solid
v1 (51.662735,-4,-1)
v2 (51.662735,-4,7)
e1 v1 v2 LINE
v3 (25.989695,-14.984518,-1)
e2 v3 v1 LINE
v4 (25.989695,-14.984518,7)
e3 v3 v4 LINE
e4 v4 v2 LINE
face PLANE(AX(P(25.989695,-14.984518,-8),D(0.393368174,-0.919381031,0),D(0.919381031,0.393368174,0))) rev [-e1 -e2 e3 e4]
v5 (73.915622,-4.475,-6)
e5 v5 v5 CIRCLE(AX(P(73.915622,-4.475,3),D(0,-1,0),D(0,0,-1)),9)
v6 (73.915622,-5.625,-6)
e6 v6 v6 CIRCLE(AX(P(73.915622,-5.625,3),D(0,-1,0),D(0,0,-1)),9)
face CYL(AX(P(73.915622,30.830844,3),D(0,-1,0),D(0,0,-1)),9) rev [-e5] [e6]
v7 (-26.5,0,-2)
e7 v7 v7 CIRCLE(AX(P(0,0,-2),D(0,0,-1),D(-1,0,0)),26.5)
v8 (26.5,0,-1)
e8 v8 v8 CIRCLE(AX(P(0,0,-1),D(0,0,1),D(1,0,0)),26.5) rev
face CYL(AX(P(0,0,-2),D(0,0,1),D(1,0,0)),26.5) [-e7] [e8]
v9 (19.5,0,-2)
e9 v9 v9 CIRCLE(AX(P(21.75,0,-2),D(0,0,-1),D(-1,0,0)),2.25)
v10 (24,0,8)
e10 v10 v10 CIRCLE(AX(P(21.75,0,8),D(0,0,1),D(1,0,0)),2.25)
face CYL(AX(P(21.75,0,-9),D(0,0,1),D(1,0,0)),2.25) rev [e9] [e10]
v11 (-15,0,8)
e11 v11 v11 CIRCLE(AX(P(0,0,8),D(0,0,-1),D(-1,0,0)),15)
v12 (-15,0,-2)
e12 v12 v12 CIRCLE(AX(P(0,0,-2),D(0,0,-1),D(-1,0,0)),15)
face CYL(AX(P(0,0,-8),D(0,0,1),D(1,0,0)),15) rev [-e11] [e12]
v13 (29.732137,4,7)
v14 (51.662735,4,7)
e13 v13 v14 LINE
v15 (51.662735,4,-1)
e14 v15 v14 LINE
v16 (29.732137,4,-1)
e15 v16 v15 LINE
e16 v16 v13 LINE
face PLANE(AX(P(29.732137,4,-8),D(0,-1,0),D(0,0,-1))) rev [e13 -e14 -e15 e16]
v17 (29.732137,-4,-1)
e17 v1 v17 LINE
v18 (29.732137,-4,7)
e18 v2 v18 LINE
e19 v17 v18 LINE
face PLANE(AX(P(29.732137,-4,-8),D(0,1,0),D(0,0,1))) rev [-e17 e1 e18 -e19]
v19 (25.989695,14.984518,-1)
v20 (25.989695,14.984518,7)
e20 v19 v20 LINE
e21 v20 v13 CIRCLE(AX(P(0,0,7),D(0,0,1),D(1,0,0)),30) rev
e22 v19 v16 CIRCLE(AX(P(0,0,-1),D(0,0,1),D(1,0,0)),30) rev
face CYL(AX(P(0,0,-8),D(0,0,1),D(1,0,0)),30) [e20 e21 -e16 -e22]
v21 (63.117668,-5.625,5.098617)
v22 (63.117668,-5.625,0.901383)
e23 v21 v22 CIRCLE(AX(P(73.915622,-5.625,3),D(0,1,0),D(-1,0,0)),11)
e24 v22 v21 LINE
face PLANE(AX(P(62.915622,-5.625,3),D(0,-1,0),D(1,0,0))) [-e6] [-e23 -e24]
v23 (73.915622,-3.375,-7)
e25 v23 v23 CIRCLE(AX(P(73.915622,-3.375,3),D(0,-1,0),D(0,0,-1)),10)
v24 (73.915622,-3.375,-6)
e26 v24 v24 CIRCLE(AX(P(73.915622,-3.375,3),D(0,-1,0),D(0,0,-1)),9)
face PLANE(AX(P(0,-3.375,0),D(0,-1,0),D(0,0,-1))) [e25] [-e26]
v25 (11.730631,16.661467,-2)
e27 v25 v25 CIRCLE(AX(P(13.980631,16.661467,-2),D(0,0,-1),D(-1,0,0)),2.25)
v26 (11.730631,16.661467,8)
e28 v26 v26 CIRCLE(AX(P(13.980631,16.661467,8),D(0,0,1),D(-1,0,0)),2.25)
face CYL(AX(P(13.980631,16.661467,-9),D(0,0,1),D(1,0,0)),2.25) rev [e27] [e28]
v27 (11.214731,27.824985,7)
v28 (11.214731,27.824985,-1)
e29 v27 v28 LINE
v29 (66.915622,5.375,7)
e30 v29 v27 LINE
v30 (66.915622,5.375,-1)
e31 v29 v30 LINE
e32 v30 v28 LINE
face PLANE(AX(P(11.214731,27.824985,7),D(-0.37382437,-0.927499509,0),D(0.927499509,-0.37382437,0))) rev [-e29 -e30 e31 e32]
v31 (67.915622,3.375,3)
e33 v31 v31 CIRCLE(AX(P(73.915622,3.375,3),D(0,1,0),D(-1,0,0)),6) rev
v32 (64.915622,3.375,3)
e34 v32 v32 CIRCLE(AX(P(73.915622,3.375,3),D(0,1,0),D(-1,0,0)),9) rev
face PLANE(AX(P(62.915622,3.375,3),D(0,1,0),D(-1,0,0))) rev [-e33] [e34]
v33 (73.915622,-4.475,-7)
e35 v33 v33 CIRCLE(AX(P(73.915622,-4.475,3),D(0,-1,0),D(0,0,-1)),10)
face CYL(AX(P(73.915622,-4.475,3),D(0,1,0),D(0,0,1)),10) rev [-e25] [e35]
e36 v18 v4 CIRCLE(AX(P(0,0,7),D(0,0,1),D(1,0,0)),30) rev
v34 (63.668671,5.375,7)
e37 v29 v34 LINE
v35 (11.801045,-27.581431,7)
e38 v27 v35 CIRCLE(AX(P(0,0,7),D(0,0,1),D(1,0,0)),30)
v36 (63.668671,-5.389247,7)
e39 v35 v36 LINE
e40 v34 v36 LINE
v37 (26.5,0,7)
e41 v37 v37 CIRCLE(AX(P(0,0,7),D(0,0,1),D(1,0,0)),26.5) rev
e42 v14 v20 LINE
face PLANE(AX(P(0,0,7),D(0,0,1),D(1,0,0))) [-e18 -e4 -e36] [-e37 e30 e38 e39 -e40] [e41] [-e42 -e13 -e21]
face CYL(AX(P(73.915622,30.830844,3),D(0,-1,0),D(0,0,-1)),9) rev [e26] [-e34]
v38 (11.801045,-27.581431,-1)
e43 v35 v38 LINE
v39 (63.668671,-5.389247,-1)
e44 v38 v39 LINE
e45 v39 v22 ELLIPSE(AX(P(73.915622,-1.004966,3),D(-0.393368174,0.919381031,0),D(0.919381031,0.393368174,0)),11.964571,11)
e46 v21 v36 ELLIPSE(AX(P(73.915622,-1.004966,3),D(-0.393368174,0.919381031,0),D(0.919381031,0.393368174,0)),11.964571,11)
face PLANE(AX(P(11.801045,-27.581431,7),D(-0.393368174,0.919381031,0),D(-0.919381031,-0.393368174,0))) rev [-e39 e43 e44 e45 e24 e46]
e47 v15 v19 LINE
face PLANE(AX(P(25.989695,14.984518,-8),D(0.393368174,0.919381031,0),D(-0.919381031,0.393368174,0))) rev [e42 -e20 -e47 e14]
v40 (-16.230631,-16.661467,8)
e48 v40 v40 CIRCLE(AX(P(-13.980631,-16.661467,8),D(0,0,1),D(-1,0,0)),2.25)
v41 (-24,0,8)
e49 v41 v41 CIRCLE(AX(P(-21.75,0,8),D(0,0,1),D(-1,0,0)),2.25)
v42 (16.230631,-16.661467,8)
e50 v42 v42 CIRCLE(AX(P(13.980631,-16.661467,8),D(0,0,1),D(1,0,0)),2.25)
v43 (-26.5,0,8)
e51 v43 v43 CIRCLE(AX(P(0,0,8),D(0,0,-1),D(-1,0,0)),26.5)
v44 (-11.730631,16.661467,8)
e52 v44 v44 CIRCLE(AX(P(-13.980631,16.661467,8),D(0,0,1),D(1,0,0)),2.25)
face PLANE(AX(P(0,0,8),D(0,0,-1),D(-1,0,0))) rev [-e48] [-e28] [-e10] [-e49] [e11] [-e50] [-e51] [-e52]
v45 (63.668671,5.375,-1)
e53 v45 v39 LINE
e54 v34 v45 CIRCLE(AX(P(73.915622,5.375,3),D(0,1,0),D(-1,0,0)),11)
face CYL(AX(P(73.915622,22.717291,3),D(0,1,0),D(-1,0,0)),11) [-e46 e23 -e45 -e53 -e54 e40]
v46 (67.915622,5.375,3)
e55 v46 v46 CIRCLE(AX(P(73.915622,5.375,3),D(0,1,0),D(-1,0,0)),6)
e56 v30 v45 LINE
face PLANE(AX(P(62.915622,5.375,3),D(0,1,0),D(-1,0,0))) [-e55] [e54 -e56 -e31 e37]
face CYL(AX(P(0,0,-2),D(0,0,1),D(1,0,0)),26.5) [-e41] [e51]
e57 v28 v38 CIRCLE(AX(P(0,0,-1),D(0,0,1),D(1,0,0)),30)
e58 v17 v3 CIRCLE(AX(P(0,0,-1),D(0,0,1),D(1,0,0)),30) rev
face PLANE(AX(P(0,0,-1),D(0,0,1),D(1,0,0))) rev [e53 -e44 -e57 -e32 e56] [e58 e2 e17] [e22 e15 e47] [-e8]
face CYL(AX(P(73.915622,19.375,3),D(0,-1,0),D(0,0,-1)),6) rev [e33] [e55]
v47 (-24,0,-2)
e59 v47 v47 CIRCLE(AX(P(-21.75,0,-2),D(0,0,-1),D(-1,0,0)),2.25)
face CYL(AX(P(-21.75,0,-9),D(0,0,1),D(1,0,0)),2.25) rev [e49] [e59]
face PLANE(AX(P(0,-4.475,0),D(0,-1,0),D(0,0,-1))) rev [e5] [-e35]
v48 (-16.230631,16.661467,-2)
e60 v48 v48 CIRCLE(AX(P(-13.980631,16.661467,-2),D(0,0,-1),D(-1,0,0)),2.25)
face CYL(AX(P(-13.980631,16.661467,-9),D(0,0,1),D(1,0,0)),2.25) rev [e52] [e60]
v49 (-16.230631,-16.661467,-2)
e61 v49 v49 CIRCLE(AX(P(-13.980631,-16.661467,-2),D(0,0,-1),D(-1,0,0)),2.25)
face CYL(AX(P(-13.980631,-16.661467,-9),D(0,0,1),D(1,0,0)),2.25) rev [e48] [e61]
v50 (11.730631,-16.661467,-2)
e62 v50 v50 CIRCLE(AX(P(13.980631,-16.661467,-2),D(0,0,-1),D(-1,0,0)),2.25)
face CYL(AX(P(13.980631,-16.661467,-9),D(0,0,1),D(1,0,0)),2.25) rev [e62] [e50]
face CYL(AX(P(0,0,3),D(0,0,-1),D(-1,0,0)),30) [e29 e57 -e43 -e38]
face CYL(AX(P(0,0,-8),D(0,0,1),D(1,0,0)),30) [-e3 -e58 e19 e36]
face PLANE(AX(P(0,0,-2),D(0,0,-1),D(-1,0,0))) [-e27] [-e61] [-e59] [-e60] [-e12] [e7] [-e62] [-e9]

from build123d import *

# Parameters (mm, degrees)
SKETCH_1_R               = 30
EXTRUDE_1_DEPTH          = 3
SKETCH_2_W               = 11
SKETCH_2_H               = 11
EXTRUDE_2_DEPTH          = 4
SKETCH_4_R               = 6
CUT_EXTRUDE_1_DEPTH      = 25
SKETCH_5_R               = 9
CUT_EXTRUDE_2_DEPTH      = 9
CUT_EXTRUDE_START        = 7.85
SKETCH_6_R               = 10
SKETCH_6_R_2             = 9
CUT_EXTRUDE_3_DEPTH      = 1.1
SKETCH_8_R               = 26.5
EXTRUDE_3_DEPTH          = 5
CUT_EXTRUDE_4_DEPTH      = 92.299851037
CUT_EXTRUDE_4_DEPTH_BACK = 92.299851037
SKETCH_7_R               = 15
SKETCH_10_R              = 2.25
CUT_EXTRUDE_5_DEPTH      = 17


with BuildPart() as part:
    # 草图1 → 凸台-拉伸1 (new body)
    with BuildSketch(Plane.XY):
        Circle(SKETCH_1_R)
    extrude(amount=EXTRUDE_1_DEPTH)



with BuildPart() as body_2:
    # 草图2 → 旋转1 (revolve)
    with BuildSketch(Plane.XY.offset(3)):
        with Locations((68.415621645, -0.125)):
            Rectangle(SKETCH_2_W, SKETCH_2_H)
    revolve(axis=Axis((73.915621645, 22.717290725, 3), (0, -1, 0)))


with BuildPart() as part_1:
    add(part.part)

    add(body_2.part)  # 凸台-拉伸2 merges body 2
    # 草图3 → 凸台-拉伸2 (add, symmetric)
    with BuildSketch(Plane.XY.offset(3)):
        with BuildLine():
            Line((11.214731114, 27.824985284), (66.915621645, 5.375))
            Line((66.915621645, 5.375), (66.915621645, -4))
            Line((66.915621645, -4), (11.80104521, -27.581430926))
            ThreePointArc((11.80104521, -27.581430926), (-29.998320441, -0.317444067), (11.214731114, 27.824985284))
        make_face()
    extrude(amount=EXTRUDE_2_DEPTH, both=True)

    # 草图4 → 切除-拉伸1 (cut)
    with BuildSketch(Plane.XZ.offset(5.625)):
        with Locations(Location((73.915621645, 3, 0), (0, 0, 270))):
            Circle(SKETCH_4_R)
    extrude(amount=-CUT_EXTRUDE_1_DEPTH, mode=Mode.SUBTRACT)

    # 草图5 → 切除-拉伸2 (cut)
    with BuildSketch(Plane.XZ.offset(5.625)):
        with Locations(Location((73.915621645, 3, 0), (0, 0, 270))):
            Circle(SKETCH_5_R)
    extrude(amount=-CUT_EXTRUDE_2_DEPTH, mode=Mode.SUBTRACT)

    # 草图6 → 切除-拉伸3 (cut)
    # profile 1 of 2: a face of its own
    with BuildSketch(Plane.XZ.offset(-3.375).offset(CUT_EXTRUDE_START)):
        with Locations(Location((73.915621645, 3, 0), (0, 0, 270))):
            Circle(SKETCH_6_R)
        with Locations(Location((73.915621645, 3, 0), (0, 0, 270))):
            Circle(SKETCH_6_R_2, mode=Mode.SUBTRACT)
    # profile 2 of 2: a face of its own
    with BuildSketch(Plane.XZ.offset(-3.375).offset(CUT_EXTRUDE_START)):
        with Locations(Location((73.915621645, 3, 0), (0, 0, 270))):
            Circle(SKETCH_6_R_2)
    extrude(amount=-CUT_EXTRUDE_3_DEPTH, mode=Mode.SUBTRACT)

    # 草图8 → 凸台-拉伸3 (add, symmetric)
    with BuildSketch(Plane(origin=(0, 0, 3), x_dir=(-1, 0, 0), z_dir=(0, 0, -1))):
        with Locations(Location((0, 0, 0), (0, 0, 180))):
            Circle(SKETCH_8_R)
    extrude(amount=EXTRUDE_3_DEPTH, both=True)

    # 草图7 → 切除-拉伸4 (cut, two sides: drawn at the far end of the back side and taken through both)
    with BuildSketch(Plane.XY.offset(7).offset(-CUT_EXTRUDE_4_DEPTH_BACK)):
        with Locations(Location((0, 0, 0), (0, 0, 180))):
            Circle(SKETCH_7_R)
        with BuildLine():
            Line((25.989694724, -14.984517615), (51.662735414, -4))
            Line((51.662735414, -4), (29.732137495, -4))
            ThreePointArc((29.732137495, -4), (28.397104663, -9.674939108), (25.989694724, -14.984517615))
        make_face()
        with BuildLine():
            Line((29.732137495, 4), (51.662735414, 4))
            Line((51.662735414, 4), (25.989694724, 14.984517615))
            ThreePointArc((25.989694724, 14.984517615), (28.397104663, 9.674939108), (29.732137495, 4))
        make_face()
    extrude(amount=CUT_EXTRUDE_4_DEPTH + CUT_EXTRUDE_4_DEPTH_BACK, mode=Mode.SUBTRACT)

    # 草图10 → 切除-拉伸5 (cut)
    with BuildSketch(Plane.XY.offset(8)):
        with Locations((21.75, 0)):
            Circle(SKETCH_10_R)
        with Locations((13.980630511, -16.661466638)):
            Circle(SKETCH_10_R)
        with Locations(Location((-21.75, 0, 0), (0, 0, 180))):
            Circle(SKETCH_10_R)
        with Locations(Location((-13.980630511, -16.661466638, 0), (0, 0, 180))):
            Circle(SKETCH_10_R)
        with Locations(Location((13.980630511, 16.661466638, 0), (0, 0, 180))):
            Circle(SKETCH_10_R)
        with Locations((-13.980630511, 16.661466638)):
            Circle(SKETCH_10_R)
    extrude(amount=-CUT_EXTRUDE_5_DEPTH, mode=Mode.SUBTRACT)


solid = part_1.part
